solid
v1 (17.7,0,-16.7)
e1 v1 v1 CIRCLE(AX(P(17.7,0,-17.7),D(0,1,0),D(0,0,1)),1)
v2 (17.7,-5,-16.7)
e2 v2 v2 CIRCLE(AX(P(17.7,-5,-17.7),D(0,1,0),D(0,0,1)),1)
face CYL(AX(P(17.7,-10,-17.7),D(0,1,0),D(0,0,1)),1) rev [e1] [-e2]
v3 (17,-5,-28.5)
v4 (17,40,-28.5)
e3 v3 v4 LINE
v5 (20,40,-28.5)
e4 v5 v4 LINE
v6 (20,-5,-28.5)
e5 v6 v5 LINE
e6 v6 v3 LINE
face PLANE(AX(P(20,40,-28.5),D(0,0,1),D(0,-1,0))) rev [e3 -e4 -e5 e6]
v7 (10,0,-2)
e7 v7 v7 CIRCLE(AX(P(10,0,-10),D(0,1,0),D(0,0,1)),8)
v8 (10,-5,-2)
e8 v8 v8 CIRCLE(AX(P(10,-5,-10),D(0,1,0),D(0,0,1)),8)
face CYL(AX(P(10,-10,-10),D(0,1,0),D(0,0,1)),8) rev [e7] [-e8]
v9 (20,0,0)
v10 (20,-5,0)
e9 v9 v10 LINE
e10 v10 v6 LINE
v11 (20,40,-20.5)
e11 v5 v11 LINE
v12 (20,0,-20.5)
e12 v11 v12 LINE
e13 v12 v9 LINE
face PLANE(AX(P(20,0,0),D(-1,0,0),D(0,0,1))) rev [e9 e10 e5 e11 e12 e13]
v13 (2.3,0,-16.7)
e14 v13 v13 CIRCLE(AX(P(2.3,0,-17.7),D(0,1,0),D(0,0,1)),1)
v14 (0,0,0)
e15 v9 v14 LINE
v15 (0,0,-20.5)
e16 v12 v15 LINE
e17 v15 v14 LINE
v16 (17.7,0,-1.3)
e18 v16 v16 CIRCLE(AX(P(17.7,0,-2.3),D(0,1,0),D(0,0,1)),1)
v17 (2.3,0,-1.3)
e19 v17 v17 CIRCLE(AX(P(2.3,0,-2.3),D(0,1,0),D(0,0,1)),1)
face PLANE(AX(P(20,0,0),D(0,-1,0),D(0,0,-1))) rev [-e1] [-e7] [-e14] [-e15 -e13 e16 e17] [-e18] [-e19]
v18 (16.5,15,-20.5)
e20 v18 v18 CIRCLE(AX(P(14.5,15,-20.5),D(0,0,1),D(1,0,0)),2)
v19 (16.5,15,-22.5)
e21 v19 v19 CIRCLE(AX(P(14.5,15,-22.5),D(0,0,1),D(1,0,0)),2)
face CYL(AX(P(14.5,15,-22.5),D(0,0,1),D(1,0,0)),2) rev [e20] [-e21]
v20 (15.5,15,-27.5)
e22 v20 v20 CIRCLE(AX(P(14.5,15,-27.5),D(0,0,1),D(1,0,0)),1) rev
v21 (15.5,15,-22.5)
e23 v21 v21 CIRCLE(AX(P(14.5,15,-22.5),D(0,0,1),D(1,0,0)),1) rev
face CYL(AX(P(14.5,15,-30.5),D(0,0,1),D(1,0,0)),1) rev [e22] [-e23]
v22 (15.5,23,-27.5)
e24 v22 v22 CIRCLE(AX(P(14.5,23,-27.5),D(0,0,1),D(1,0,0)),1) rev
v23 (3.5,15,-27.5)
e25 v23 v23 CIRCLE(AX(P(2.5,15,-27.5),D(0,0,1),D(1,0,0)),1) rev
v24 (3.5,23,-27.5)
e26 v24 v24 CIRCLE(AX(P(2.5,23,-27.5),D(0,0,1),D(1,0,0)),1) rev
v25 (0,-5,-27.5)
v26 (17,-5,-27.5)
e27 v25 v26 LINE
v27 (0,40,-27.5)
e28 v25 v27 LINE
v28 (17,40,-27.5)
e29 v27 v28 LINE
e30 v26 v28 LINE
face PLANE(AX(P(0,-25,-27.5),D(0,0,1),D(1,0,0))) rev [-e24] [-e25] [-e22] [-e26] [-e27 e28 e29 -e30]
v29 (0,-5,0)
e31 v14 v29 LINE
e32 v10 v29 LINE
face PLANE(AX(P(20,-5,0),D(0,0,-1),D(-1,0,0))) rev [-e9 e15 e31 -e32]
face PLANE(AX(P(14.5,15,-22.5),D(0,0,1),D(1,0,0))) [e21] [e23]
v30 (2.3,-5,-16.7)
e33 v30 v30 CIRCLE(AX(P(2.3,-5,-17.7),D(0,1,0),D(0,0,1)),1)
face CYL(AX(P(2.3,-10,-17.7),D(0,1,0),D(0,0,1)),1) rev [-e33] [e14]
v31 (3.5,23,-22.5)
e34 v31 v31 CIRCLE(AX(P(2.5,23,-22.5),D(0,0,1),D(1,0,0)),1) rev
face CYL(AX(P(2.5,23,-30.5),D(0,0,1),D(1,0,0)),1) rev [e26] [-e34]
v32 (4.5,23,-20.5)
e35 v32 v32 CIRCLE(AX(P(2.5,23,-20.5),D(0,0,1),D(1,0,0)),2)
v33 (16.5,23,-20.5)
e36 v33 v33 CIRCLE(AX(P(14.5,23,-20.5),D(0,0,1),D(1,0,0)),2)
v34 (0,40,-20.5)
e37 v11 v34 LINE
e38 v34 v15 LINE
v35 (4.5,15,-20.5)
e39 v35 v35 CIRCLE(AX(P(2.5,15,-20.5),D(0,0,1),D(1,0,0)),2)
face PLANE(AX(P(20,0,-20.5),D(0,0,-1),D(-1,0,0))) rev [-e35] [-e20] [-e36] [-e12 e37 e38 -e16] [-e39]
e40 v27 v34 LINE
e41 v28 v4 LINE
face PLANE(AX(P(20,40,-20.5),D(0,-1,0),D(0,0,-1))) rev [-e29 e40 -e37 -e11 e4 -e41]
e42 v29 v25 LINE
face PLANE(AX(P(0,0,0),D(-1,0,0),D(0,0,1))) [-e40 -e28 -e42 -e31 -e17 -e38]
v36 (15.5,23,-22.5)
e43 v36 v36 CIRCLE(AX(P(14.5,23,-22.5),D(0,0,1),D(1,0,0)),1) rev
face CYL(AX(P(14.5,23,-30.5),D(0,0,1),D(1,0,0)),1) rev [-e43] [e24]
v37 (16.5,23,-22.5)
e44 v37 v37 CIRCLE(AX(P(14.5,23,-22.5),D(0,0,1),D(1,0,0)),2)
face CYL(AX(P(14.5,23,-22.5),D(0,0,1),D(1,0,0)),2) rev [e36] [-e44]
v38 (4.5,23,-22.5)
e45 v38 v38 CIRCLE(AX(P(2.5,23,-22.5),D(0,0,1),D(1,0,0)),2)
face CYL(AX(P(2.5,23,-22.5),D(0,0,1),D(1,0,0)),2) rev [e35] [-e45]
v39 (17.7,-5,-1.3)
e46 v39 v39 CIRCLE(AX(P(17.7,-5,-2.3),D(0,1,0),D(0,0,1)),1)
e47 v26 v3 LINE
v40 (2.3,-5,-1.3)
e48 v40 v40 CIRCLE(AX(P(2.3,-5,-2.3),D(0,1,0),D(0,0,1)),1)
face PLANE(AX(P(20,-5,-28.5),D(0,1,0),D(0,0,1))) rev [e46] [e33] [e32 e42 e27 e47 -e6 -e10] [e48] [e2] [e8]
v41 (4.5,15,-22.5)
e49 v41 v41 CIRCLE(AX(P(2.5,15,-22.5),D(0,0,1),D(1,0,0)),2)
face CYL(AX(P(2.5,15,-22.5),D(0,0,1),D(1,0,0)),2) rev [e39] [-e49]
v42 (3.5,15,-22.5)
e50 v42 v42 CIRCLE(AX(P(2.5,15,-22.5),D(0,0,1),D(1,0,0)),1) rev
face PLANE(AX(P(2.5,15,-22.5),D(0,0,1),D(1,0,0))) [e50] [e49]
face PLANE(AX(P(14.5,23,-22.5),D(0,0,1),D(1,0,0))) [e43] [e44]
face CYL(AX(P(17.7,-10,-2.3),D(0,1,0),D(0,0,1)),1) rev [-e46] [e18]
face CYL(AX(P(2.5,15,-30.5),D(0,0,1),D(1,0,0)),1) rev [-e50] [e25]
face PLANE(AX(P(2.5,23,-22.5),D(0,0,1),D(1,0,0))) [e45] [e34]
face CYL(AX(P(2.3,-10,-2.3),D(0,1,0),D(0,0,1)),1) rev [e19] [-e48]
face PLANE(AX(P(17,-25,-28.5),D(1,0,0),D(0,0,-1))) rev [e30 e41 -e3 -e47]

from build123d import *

# Parameters (mm, degrees)
BOSS_EXTRUDE1_DEPTH = 20
SKETCH3_R           = 8
SKETCH3_R_2         = 1
CUT_EXTRUDE1_DEPTH  = 10
SKETCH4_R           = 1
CUT_EXTRUDE2_DEPTH  = 10
SKETCH5_R           = 2
CUT_EXTRUDE3_DEPTH  = 2
SKETCH6_W           = 17
SKETCH6_H           = 1
CUT_EXTRUDE4_DEPTH  = 65


with BuildPart() as part:
    # Sketch1 → Boss-Extrude1 (new body)
    with BuildSketch(Plane(origin=(0, 0, 0), x_dir=(0, 0, -1), z_dir=(1, 0, 0))):
        Polygon((0, 0), (20.5, 0), (20.5, 40), (28.5, 40), (28.5, -5), (0, -5), align=None)
    extrude(amount=BOSS_EXTRUDE1_DEPTH)

    # Sketch3 → Cut-Extrude1 (cut)
    with BuildSketch(Plane(origin=(0, 0, 0), x_dir=(1, 0, 0), z_dir=(0, 1, 0))):
        with Locations(Location((10, 10, 0), (0, 0, 270))):
            Circle(SKETCH3_R)
        with Locations(Location((2.3, 17.7, 0), (0, 0, 270))):
            Circle(SKETCH3_R_2)
        with Locations(Location((17.7, 17.7, 0), (0, 0, 270))):
            Circle(SKETCH3_R_2)
        with Locations(Location((17.7, 2.3, 0), (0, 0, 270))):
            Circle(SKETCH3_R_2)
        with Locations(Location((2.3, 2.3, 0), (0, 0, 270))):
            Circle(SKETCH3_R_2)
    extrude(amount=-CUT_EXTRUDE1_DEPTH, mode=Mode.SUBTRACT)

    # Sketch4 → Cut-Extrude2 (cut)
    with BuildSketch(Plane.XY.offset(-20.5)):
        with Locations((2.5, 15)):
            Circle(SKETCH4_R)
        with Locations((2.5, 23)):
            Circle(SKETCH4_R)
        with Locations((14.5, 23)):
            Circle(SKETCH4_R)
        with Locations((14.5, 15)):
            Circle(SKETCH4_R)
    extrude(amount=-CUT_EXTRUDE2_DEPTH, mode=Mode.SUBTRACT)

    # Sketch5 → Cut-Extrude3 (cut)
    with BuildSketch(Plane.XY.offset(-20.5)):
        with Locations((2.5, 23)):
            Circle(SKETCH5_R)
        with Locations((2.5, 15)):
            Circle(SKETCH5_R)
        with Locations((14.5, 15)):
            Circle(SKETCH5_R)
        with Locations((14.5, 23)):
            Circle(SKETCH5_R)
    extrude(amount=-CUT_EXTRUDE3_DEPTH, mode=Mode.SUBTRACT)

    # Sketch6 → Cut-Extrude4 (cut)
    with BuildSketch(Plane(origin=(0, 40, 0), x_dir=(1, 0, 0), z_dir=(0, 1, 0))):
        with Locations((8.5, 28)):
            Rectangle(SKETCH6_W, SKETCH6_H)
    extrude(amount=-CUT_EXTRUDE4_DEPTH, mode=Mode.SUBTRACT)


solid = part.part
